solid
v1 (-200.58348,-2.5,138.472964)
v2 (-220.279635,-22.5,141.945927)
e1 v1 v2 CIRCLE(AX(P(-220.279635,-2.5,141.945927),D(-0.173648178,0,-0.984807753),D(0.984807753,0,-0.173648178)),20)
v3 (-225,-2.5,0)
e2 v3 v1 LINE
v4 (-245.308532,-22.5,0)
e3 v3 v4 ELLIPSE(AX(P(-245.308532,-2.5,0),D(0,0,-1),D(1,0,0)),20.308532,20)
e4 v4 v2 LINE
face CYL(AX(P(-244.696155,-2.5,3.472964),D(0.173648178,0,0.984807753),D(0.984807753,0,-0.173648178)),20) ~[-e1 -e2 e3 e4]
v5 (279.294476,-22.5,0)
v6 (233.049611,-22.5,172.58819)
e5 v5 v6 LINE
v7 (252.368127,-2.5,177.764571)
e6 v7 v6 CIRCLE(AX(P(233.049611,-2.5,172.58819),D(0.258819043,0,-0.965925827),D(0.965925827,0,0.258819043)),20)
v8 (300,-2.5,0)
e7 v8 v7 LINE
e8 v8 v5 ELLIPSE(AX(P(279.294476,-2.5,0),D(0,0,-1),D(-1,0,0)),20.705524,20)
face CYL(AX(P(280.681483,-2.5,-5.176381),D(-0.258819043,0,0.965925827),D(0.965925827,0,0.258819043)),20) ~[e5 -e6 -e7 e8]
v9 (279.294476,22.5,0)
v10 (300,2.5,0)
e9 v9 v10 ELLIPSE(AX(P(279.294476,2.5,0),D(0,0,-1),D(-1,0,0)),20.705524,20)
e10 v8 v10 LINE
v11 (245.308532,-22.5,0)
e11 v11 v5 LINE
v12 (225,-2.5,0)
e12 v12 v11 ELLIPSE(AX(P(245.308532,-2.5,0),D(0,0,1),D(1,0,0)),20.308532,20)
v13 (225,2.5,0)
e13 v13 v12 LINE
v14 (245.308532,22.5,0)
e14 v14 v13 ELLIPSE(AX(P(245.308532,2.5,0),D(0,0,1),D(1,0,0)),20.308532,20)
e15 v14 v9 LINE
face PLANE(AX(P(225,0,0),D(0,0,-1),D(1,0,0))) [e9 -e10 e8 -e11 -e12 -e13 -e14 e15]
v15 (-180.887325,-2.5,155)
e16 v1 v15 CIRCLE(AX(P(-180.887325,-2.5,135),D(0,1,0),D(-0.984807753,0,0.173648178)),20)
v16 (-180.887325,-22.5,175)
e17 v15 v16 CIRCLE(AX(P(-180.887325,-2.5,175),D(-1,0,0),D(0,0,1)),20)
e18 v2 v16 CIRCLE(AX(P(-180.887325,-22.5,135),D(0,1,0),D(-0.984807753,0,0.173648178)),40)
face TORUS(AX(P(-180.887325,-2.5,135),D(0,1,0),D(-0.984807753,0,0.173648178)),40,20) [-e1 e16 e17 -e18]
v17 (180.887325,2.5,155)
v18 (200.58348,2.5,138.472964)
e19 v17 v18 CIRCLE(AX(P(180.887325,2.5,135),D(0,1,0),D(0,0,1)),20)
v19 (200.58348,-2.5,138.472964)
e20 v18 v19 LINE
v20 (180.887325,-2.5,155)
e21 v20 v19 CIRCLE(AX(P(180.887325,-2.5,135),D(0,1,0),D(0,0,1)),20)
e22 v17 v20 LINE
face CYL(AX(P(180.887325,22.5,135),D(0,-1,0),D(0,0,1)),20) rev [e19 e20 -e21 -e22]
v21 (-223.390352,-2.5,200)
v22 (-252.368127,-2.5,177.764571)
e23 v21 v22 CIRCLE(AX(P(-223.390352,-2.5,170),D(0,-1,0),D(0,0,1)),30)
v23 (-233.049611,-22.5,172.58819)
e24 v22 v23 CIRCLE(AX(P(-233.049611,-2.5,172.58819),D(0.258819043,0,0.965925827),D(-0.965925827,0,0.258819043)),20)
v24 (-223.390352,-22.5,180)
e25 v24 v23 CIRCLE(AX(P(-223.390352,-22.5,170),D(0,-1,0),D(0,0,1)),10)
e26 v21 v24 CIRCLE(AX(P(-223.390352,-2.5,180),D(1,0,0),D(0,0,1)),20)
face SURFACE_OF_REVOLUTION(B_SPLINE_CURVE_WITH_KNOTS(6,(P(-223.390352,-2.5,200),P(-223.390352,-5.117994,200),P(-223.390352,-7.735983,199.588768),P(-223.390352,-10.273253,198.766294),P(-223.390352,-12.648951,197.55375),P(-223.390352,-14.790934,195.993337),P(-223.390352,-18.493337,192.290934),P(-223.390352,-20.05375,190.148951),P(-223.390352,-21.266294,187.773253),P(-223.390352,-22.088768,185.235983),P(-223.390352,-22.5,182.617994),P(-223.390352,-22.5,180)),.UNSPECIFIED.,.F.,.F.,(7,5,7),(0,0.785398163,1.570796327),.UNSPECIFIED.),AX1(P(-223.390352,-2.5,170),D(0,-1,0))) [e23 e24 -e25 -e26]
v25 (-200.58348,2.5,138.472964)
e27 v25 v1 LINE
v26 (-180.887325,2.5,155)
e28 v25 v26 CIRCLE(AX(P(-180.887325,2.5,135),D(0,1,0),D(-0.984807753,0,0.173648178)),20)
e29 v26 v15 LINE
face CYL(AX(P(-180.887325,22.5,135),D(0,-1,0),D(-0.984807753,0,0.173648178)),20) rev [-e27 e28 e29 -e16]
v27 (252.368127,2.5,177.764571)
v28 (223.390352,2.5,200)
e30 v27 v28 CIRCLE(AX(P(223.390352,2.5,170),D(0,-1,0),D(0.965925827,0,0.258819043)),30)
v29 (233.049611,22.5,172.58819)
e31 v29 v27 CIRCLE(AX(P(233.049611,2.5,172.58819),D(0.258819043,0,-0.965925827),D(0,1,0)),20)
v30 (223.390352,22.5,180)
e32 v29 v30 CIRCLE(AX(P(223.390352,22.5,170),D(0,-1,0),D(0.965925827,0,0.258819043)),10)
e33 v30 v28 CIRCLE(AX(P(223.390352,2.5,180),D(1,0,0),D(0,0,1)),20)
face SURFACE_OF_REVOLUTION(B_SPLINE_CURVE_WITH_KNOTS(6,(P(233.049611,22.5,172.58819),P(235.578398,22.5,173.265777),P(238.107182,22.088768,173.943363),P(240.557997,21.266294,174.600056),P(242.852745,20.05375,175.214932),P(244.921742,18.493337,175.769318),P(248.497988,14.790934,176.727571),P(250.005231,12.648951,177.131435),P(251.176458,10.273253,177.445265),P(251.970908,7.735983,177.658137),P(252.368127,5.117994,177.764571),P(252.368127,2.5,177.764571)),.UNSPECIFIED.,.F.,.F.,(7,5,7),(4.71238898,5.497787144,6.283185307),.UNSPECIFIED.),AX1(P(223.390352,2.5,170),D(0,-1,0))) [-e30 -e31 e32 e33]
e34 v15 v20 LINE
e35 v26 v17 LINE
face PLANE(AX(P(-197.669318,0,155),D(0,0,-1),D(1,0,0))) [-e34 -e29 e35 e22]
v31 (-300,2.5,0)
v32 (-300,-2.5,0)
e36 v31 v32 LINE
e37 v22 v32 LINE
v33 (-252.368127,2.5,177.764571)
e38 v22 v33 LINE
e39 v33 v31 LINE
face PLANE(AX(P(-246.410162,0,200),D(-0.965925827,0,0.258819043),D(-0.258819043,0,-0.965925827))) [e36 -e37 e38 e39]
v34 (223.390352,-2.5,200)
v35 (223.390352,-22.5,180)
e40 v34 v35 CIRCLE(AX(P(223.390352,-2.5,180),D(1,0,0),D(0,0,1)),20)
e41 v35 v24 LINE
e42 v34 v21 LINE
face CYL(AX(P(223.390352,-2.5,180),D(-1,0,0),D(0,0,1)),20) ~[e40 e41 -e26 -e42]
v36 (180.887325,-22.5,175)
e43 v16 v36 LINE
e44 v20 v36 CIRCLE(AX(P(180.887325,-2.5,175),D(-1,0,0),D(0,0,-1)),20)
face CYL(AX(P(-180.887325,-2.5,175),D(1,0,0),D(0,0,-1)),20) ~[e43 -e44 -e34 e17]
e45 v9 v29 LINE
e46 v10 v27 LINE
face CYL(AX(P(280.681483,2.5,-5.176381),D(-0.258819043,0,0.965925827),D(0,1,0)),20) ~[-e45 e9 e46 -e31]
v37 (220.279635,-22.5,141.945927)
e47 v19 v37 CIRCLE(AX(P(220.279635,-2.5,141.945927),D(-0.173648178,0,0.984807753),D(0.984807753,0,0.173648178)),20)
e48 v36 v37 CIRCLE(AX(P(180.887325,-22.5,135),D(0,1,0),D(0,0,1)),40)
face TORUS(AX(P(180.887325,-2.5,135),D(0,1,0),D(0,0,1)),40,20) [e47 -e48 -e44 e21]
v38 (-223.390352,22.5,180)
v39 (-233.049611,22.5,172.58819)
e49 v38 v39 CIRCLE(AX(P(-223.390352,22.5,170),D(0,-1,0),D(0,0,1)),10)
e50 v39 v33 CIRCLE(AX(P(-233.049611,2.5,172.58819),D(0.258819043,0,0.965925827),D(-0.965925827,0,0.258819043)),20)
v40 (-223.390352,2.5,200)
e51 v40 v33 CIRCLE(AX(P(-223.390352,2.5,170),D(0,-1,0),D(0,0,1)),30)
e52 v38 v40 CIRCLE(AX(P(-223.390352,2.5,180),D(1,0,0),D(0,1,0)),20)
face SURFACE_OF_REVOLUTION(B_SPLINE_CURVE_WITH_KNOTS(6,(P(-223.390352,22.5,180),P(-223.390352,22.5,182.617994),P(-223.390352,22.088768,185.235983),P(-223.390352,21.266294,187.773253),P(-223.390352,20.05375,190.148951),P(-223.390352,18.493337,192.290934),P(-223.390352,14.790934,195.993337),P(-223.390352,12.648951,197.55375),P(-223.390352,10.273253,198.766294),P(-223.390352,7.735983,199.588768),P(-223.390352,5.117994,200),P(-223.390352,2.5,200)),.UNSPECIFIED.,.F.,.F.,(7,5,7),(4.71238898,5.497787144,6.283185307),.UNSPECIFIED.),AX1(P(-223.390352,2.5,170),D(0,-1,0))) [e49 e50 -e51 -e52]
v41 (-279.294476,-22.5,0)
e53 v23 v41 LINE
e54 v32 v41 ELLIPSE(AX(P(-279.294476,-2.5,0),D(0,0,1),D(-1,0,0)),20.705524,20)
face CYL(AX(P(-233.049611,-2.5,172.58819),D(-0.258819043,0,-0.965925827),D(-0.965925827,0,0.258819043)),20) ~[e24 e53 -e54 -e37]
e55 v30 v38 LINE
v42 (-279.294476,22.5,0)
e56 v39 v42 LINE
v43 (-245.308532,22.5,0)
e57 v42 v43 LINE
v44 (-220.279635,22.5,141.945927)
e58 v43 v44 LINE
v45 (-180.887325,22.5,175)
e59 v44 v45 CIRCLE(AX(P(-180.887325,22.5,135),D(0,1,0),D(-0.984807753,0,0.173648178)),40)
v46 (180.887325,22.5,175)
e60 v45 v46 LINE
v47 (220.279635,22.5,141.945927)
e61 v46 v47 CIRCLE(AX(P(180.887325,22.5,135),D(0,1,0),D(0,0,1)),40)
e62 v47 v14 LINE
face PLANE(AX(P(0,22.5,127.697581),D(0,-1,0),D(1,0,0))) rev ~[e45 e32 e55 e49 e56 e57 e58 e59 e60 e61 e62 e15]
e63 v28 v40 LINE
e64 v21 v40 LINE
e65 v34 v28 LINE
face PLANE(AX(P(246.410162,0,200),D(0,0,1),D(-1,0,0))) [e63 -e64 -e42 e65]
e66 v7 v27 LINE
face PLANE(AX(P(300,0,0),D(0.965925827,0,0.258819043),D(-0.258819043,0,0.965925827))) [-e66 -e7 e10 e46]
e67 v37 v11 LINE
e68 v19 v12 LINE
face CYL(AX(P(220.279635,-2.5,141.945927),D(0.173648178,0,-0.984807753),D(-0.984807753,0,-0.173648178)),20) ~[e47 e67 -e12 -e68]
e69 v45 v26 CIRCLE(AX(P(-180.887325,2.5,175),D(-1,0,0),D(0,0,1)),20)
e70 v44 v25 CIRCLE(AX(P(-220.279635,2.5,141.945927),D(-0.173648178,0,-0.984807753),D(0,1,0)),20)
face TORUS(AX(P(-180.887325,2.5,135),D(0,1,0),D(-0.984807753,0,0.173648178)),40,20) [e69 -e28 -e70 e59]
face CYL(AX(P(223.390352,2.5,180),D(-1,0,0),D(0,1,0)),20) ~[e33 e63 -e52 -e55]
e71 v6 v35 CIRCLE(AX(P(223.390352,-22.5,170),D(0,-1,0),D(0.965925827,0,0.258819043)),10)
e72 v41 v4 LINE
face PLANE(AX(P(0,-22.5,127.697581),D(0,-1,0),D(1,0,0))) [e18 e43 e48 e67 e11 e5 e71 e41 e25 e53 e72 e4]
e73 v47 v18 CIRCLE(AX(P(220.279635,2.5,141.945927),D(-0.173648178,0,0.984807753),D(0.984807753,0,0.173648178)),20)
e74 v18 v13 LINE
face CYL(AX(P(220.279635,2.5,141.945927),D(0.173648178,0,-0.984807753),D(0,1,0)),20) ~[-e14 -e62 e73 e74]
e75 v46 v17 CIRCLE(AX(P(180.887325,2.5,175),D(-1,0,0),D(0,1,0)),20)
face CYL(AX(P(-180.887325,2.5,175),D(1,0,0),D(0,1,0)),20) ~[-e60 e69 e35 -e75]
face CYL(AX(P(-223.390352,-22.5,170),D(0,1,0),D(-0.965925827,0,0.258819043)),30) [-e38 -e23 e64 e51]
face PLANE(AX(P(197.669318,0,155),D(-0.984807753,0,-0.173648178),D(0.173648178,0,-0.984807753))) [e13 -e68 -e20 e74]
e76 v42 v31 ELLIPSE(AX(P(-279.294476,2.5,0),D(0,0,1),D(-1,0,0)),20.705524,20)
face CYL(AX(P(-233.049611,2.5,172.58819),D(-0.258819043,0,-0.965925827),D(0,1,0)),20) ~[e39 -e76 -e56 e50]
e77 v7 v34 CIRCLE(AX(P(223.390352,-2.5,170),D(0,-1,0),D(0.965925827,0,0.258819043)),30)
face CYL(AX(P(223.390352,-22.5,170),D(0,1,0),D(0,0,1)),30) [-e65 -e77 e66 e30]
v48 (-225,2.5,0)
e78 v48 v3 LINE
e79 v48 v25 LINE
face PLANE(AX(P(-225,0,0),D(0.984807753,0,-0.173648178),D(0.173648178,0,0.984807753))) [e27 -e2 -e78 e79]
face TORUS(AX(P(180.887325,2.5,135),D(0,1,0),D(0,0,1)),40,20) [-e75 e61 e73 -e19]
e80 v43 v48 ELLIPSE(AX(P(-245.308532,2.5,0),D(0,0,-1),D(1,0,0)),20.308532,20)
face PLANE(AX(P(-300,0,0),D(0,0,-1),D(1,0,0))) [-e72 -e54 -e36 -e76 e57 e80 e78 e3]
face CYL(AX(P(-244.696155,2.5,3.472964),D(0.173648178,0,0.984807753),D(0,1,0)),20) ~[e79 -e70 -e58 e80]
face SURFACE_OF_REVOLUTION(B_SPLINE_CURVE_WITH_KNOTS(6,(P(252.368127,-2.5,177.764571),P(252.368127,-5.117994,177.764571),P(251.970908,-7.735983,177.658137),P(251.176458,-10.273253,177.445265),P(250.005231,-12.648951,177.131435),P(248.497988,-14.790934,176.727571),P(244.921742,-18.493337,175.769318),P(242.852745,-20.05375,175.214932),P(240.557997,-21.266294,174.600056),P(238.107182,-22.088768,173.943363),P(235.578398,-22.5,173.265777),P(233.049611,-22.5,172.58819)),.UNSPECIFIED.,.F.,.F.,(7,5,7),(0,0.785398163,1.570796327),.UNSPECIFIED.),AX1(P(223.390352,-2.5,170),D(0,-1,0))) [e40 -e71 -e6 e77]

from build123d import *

# Parameters (mm, degrees)
F1_DEPTH = 22.5
F2_R     = 30
F3_R     = 20
F4_R     = 20


with BuildPart() as f1:
    # F0 (on Front) → F1 (new body, symmetric)
    with BuildSketch(Plane.XZ):
        Polygon((-246.410162, 200), (-300, 0), (-225, 0), (-197.669318, 155), (197.669318, 155), (225, 0), (300, 0), (246.410162, 200), align=None)
    extrude(amount=F1_DEPTH, both=True)

    # F2
    f2_edges = [f1.edges().sort_by_distance(p)[0] for p in [
        (246.410162, 0, 200),
        (-246.410162, 0, 200),
    ]]
    fillet(f2_edges, radius=F2_R)

    # F3
    f3_edges = [f1.edges().sort_by_distance(p)[0] for p in [
        (-197.669318, 0, 155),
        (197.669318, 0, 155),
    ]]
    fillet(f3_edges, radius=F3_R)

    # F4
    f4_edges = [f1.edges().sort_by_distance(p)[0] for p in [
        (0, 22.5, 200),
        (0, 22.5, 155),
        (212.79174, -22.5, 69.236482),
        (276.184063, -22.5, 88.882286),
    ]]
    fillet(f4_edges, radius=F4_R)


solid = f1.part
